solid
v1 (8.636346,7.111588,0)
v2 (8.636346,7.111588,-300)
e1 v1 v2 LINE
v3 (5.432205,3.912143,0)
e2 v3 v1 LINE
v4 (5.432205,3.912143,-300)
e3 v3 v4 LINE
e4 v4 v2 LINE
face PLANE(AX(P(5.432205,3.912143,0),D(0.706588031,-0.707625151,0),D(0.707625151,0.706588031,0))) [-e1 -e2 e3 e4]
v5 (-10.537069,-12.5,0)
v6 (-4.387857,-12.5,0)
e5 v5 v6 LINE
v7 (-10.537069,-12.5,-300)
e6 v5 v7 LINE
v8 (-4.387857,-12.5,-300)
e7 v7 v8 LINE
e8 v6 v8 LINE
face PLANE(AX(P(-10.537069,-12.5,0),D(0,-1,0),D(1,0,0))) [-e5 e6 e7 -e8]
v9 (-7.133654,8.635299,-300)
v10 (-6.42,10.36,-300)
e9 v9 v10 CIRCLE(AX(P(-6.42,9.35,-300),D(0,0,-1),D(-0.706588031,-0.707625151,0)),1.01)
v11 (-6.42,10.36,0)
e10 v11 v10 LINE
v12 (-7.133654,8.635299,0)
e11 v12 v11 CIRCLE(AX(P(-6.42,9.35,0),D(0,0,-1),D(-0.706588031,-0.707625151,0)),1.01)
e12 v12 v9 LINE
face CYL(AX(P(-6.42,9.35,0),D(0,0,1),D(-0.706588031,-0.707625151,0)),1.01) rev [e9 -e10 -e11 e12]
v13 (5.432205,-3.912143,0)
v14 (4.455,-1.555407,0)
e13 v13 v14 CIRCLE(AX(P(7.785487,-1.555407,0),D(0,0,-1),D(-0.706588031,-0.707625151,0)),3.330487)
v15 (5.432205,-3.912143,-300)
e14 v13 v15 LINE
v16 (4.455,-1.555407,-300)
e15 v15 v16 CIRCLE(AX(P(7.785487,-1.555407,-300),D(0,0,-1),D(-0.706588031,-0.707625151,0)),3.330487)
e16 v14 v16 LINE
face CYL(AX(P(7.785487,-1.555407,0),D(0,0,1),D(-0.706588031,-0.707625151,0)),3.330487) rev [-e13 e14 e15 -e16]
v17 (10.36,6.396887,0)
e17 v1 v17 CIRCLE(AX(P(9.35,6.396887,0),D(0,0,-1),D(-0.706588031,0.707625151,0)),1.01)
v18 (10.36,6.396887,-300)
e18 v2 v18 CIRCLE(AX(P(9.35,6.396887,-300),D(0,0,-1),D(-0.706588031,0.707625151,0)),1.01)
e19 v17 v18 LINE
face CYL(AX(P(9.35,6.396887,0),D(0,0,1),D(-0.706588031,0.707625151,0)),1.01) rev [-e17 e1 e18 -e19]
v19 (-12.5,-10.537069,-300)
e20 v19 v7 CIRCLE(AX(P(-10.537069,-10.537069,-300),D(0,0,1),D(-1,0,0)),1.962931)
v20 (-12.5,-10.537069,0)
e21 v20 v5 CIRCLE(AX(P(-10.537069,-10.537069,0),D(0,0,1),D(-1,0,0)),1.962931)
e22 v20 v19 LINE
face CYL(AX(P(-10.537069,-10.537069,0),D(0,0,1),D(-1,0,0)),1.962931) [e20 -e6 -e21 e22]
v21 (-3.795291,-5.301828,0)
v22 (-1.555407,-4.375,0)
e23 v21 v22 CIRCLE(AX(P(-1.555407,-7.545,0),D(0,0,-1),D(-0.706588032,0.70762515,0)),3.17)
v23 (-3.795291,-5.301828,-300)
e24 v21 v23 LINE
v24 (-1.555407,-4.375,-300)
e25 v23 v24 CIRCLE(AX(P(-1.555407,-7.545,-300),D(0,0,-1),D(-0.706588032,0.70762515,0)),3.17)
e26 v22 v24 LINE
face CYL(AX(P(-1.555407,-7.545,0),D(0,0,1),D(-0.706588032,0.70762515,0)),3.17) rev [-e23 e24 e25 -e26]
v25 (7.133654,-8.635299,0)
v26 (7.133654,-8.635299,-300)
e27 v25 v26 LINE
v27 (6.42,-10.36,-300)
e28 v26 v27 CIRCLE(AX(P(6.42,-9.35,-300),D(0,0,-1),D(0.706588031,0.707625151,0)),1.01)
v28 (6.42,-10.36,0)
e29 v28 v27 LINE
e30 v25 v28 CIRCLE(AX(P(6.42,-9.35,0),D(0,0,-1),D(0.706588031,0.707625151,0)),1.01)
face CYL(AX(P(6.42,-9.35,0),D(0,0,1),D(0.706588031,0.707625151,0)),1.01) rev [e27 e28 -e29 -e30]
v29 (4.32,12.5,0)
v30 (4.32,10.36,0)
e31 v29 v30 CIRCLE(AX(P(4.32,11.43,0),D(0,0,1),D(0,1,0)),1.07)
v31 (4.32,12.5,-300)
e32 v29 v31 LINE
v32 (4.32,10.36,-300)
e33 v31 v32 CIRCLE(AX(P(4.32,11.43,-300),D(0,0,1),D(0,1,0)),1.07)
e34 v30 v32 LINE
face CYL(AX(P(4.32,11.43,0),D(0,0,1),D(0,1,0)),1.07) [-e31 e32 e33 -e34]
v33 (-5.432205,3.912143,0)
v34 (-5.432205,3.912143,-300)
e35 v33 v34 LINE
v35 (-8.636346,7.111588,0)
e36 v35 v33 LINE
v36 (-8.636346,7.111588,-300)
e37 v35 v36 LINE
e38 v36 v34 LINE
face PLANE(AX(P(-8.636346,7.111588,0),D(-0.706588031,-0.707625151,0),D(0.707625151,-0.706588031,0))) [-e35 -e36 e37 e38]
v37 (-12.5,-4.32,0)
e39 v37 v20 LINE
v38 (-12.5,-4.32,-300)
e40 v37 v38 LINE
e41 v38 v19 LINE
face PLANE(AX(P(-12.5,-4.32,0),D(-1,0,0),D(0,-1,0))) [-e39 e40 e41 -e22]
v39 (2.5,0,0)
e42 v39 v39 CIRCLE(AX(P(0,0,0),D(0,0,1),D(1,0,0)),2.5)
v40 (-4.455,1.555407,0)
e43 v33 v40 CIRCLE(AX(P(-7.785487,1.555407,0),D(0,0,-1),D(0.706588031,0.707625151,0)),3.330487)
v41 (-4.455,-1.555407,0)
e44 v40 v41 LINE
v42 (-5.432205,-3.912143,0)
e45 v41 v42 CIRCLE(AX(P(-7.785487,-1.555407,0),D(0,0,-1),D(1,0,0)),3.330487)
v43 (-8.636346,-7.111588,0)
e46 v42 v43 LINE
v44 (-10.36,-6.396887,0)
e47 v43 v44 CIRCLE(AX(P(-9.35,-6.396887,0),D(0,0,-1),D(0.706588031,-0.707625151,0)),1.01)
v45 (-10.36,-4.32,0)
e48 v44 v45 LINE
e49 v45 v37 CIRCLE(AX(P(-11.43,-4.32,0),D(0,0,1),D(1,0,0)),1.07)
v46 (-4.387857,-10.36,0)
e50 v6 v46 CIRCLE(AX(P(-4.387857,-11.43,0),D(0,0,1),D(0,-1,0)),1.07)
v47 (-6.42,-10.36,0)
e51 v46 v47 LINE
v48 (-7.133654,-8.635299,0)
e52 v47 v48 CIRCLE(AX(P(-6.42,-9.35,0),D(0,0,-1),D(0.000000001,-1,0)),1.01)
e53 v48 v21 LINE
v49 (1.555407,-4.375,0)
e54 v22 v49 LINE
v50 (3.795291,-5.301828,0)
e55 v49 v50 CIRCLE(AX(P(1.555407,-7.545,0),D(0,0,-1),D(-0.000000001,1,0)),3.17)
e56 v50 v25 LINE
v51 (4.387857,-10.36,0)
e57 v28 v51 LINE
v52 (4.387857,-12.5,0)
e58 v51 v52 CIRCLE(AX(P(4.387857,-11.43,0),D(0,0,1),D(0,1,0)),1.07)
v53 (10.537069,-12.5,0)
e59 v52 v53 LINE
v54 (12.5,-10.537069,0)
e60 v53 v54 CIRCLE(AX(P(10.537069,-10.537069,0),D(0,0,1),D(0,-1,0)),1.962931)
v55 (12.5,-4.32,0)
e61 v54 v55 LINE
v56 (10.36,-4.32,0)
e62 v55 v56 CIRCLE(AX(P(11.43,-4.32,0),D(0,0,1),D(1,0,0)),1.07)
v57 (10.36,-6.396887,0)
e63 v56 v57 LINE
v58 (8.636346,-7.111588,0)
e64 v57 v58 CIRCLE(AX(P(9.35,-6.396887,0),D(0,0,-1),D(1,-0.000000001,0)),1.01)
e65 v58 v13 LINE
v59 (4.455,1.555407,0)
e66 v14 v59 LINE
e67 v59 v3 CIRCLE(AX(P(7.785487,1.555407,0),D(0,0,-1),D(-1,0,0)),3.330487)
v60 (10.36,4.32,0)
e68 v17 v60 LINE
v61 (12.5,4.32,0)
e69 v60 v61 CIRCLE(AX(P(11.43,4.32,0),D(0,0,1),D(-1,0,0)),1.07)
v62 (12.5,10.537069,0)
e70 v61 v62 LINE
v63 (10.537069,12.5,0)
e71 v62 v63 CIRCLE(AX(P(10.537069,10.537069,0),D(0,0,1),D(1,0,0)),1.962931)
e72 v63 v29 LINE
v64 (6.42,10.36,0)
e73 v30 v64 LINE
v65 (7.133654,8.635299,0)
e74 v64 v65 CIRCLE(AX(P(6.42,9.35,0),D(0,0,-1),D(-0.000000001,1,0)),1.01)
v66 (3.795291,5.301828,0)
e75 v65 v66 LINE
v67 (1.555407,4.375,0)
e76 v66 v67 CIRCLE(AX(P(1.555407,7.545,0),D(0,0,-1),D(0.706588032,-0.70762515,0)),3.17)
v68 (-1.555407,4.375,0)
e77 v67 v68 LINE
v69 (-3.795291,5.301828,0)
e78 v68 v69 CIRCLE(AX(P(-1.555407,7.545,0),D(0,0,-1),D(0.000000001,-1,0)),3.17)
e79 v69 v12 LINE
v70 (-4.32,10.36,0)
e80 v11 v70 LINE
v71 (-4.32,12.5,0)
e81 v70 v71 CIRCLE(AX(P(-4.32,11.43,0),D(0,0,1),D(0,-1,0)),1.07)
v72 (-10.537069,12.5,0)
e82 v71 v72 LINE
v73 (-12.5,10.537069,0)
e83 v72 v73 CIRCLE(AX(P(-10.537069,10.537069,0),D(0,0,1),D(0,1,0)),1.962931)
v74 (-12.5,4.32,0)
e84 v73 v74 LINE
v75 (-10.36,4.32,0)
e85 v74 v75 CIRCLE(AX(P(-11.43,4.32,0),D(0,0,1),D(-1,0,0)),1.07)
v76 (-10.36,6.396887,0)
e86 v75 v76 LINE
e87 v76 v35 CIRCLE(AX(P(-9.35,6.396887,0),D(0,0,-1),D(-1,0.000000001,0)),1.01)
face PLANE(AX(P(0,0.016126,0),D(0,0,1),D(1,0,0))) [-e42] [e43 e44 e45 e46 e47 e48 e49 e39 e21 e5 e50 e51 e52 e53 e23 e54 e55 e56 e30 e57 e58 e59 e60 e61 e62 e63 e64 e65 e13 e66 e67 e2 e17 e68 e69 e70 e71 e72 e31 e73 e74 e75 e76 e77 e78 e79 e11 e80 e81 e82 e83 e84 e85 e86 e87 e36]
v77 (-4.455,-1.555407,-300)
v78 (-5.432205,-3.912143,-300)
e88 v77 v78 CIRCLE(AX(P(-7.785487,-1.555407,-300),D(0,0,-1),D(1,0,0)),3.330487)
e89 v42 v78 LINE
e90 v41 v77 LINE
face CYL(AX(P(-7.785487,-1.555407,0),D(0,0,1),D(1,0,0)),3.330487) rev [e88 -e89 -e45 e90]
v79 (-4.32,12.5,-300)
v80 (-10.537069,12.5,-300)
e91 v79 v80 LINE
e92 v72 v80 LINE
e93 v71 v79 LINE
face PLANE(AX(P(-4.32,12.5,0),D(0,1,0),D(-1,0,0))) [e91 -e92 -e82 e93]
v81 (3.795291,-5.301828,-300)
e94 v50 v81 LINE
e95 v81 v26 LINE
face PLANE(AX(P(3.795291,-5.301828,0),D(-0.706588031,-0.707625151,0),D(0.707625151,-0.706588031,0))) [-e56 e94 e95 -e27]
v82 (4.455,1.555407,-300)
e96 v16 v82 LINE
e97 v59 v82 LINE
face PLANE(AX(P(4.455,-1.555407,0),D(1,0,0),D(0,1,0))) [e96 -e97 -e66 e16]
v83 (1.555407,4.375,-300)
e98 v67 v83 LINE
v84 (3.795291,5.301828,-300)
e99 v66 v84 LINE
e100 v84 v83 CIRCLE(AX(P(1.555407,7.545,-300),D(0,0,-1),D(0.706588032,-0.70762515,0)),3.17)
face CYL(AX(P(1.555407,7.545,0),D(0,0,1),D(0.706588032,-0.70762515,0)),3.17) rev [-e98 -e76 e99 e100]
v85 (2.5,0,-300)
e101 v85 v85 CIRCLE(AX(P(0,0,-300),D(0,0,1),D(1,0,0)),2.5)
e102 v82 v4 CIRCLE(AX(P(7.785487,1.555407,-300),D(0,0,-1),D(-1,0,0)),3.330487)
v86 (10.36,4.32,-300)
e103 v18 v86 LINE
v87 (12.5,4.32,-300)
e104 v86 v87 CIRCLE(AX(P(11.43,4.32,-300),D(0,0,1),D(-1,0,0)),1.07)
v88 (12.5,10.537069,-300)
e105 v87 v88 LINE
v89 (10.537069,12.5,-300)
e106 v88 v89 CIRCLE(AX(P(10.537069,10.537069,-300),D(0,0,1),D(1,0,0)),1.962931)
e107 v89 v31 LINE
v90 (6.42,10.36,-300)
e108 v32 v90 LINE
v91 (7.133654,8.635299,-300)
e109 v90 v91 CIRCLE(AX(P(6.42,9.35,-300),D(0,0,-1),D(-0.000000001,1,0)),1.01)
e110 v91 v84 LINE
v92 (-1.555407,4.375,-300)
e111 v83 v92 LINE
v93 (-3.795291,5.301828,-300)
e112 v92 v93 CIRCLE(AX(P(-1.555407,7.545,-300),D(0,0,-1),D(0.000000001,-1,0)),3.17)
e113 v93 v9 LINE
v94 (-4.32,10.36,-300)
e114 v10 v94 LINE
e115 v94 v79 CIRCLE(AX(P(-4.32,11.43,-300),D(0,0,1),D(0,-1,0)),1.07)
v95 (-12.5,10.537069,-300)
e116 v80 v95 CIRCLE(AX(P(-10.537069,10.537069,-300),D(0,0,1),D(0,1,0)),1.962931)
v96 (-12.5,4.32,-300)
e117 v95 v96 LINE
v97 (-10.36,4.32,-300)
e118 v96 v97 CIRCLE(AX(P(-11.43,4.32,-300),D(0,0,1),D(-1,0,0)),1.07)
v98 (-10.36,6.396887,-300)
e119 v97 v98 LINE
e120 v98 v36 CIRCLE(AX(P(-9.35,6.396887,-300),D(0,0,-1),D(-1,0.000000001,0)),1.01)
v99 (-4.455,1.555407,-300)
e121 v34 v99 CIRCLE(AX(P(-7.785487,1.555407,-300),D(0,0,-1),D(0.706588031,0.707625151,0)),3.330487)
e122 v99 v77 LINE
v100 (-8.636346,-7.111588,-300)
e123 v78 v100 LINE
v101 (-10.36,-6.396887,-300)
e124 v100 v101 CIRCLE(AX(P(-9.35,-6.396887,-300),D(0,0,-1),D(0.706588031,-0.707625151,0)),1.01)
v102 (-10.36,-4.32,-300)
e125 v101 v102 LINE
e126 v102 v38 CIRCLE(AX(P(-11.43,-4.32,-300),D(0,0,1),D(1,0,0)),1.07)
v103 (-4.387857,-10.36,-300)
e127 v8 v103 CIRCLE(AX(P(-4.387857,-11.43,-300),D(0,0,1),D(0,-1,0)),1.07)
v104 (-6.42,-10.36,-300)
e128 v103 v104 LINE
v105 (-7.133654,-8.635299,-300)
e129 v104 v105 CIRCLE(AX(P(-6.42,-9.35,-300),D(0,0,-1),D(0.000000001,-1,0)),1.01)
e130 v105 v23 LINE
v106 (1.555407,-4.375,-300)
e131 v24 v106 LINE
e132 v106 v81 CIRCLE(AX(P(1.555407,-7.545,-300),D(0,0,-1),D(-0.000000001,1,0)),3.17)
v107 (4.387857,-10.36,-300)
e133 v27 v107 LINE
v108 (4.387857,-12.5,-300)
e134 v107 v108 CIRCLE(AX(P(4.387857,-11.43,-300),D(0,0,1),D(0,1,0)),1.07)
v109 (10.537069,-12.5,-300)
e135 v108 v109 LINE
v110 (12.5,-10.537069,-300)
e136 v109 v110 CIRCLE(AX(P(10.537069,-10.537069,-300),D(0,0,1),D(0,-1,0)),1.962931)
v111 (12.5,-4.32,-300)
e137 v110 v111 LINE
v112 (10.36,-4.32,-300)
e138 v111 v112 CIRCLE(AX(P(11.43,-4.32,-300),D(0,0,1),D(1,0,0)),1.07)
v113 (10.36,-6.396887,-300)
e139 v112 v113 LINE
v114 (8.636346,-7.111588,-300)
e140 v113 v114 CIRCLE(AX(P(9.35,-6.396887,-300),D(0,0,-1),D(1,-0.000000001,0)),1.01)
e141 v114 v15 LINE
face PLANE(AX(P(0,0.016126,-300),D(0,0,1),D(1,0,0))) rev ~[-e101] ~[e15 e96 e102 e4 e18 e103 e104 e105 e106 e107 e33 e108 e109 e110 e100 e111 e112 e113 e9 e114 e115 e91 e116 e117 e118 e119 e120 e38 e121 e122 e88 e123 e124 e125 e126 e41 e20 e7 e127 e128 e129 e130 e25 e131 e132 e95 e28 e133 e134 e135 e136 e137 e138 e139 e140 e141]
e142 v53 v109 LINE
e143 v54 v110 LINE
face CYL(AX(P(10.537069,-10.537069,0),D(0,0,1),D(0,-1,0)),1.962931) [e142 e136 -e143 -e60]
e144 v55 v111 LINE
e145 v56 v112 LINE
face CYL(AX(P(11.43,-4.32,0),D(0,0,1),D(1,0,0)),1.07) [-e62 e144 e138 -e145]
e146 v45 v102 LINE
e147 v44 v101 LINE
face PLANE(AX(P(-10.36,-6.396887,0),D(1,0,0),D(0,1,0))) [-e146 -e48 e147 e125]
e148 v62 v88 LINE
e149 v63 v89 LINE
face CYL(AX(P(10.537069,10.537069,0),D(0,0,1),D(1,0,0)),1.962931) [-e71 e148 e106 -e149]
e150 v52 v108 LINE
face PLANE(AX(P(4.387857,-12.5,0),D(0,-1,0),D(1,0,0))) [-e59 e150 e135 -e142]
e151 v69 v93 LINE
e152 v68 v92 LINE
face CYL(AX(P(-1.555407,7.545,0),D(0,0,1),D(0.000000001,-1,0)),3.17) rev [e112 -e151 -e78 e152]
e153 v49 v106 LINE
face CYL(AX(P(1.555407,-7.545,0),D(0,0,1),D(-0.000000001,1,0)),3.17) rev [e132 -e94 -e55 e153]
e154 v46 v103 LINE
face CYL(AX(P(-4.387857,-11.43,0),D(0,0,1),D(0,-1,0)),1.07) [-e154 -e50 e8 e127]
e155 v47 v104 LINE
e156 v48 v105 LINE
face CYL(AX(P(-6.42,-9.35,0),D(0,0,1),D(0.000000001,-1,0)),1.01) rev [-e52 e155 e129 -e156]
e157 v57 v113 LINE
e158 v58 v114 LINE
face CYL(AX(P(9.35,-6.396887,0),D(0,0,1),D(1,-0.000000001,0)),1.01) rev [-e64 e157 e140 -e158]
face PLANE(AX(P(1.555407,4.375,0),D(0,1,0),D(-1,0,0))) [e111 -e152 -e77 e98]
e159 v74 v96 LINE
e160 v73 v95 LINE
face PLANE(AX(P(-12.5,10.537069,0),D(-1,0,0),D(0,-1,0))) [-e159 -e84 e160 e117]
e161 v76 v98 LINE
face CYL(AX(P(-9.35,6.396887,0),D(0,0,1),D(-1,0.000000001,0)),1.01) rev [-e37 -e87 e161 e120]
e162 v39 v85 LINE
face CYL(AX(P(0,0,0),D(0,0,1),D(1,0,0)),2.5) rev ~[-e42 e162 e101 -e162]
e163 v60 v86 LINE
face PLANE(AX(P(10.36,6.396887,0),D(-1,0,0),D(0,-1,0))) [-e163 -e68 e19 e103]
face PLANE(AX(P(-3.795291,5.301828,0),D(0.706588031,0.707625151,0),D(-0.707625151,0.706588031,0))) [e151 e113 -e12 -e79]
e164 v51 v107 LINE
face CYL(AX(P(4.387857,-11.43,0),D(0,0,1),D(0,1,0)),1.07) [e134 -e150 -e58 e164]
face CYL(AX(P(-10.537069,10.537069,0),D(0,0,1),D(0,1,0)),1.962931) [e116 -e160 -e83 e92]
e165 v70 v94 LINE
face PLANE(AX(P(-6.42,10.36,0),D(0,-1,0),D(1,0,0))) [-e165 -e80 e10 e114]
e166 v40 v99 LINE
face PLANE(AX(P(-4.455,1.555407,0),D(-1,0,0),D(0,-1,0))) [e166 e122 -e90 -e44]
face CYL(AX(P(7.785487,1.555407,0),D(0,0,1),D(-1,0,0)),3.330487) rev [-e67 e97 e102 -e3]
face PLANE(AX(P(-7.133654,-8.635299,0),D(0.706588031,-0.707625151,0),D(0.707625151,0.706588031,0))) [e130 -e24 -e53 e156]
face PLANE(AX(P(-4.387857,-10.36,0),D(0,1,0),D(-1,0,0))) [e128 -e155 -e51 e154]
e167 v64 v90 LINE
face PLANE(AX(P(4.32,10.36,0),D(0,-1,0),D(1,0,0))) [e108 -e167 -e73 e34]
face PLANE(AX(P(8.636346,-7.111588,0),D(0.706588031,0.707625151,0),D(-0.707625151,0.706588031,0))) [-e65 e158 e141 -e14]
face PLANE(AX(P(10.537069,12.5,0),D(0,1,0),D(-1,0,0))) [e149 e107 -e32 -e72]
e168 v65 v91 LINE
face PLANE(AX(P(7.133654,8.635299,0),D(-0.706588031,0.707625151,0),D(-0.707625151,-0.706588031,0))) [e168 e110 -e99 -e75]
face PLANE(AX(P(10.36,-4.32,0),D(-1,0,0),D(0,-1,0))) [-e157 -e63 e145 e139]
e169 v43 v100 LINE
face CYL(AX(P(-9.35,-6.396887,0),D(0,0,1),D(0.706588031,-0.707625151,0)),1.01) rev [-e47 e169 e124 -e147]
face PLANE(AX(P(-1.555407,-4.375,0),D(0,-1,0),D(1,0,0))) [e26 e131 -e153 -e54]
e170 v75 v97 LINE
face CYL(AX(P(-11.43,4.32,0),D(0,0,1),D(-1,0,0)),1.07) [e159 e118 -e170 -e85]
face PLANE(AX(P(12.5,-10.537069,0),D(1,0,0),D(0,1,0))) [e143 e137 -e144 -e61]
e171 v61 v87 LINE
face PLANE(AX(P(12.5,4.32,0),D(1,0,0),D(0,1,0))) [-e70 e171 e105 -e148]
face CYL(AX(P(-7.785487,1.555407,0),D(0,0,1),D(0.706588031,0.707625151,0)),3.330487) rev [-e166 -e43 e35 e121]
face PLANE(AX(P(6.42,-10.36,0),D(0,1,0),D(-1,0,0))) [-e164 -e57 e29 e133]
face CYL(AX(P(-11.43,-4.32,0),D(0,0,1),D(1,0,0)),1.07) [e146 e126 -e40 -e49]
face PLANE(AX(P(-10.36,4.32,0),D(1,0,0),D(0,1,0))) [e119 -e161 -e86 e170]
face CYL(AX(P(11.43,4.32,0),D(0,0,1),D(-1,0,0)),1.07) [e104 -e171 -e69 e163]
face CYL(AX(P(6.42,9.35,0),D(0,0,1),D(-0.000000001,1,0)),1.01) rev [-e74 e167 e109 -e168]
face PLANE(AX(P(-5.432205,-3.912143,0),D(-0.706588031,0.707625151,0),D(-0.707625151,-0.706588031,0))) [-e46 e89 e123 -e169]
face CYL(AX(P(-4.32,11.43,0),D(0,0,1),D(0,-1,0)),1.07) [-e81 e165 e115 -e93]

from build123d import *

# Parameters (mm, degrees)
SKETCH1_R      = 2.5
EXTRUDE1_DEPTH = 300


with BuildPart() as part:
    # Sketch1 → Extrude1 (new body)
    with BuildSketch(Plane.XY):
        with BuildLine():
            Line((-8.636346088, 7.111588351), (-5.432204773, 3.912143135))
            ThreePointArc((-5.432204773, 3.912143135), (-4.708985779, 2.831057106), (-4.455, 1.555406707))
            Line((-4.455, 1.555406707), (-4.455, -1.555406707))
            ThreePointArc((-4.455, -1.555406707), (-4.708985779, -2.831057106), (-5.432204773, -3.912143135))
            Line((-5.432204773, -3.912143135), (-8.636346088, -7.111588351))
            ThreePointArc((-8.636346088, -7.111588351), (-9.736852394, -7.329863489), (-10.36, -6.396886949))
            Line((-10.36, -6.396886949), (-10.36, -4.32))
            ThreePointArc((-10.36, -4.32), (-11.43, -3.25), (-12.5, -4.32))
            Line((-12.5, -4.32), (-12.5, -8.651801989))
            Line((-12.5, -8.651801989), (-12.5, -10.537068835))
            ThreePointArc((-12.5, -10.537068835), (-11.925070773, -11.925070773), (-10.537068835, -12.5))
            Line((-10.537068835, -12.5), (-8.441567612, -12.5))
            Line((-8.441567612, -12.5), (-4.387856959, -12.5))
            ThreePointArc((-4.387856959, -12.5), (-3.317856959, -11.43), (-4.387856959, -10.36))
            Line((-4.387856959, -10.36), (-6.42, -10.36))
            ThreePointArc((-6.42, -10.36), (-7.35325999, -9.736168088), (-7.133653912, -8.635298598))
            Line((-7.133653912, -8.635298598), (-3.795290766, -5.301828272))
            ThreePointArc((-3.795290766, -5.301828272), (-2.76743922, -4.61585726), (-1.555406707, -4.375))
            Line((-1.555406707, -4.375), (1.555406707, -4.375))
            ThreePointArc((1.555406707, -4.375), (2.76743922, -4.61585726), (3.795290766, -5.301828272))
            Line((3.795290766, -5.301828272), (7.133653912, -8.635298598))
            ThreePointArc((7.133653912, -8.635298598), (7.35325999, -9.736168088), (6.42, -10.36))
            Line((6.42, -10.36), (4.387856959, -10.36))
            ThreePointArc((4.387856959, -10.36), (3.317856959, -11.43), (4.387856959, -12.5))
            Line((4.387856959, -12.5), (8.441567612, -12.5))
            Line((8.441567612, -12.5), (10.537068835, -12.5))
            ThreePointArc((10.537068835, -12.5), (11.925070773, -11.925070773), (12.5, -10.537068835))
            Line((12.5, -10.537068835), (12.5, -8.651801989))
            Line((12.5, -8.651801989), (12.5, -4.32))
            ThreePointArc((12.5, -4.32), (11.43, -3.25), (10.36, -4.32))
            Line((10.36, -4.32), (10.36, -6.396886949))
            ThreePointArc((10.36, -6.396886949), (9.736852394, -7.329863489), (8.636346088, -7.111588351))
            Line((8.636346088, -7.111588351), (5.432204773, -3.912143135))
            ThreePointArc((5.432204773, -3.912143135), (4.708985779, -2.831057106), (4.455, -1.555406707))
            Line((4.455, -1.555406707), (4.455, 1.555406707))
            ThreePointArc((4.455, 1.555406707), (4.708985779, 2.831057106), (5.432204773, 3.912143135))
            Line((5.432204773, 3.912143135), (8.636346088, 7.111588351))
            ThreePointArc((8.636346088, 7.111588351), (9.736852394, 7.329863489), (10.36, 6.396886949))
            Line((10.36, 6.396886949), (10.36, 4.32))
            ThreePointArc((10.36, 4.32), (11.43, 3.25), (12.5, 4.32))
            Line((12.5, 4.32), (12.5, 7.99129648))
            Line((12.5, 7.99129648), (12.5, 10.537068835))
            ThreePointArc((12.5, 10.537068835), (11.925070773, 11.925070773), (10.537068835, 12.5))
            Line((10.537068835, 12.5), (4.32, 12.5))
            ThreePointArc((4.32, 12.5), (3.25, 11.43), (4.32, 10.36))
            Line((4.32, 10.36), (6.42, 10.36))
            ThreePointArc((6.42, 10.36), (7.35325999, 9.736168088), (7.133653912, 8.635298598))
            Line((7.133653912, 8.635298598), (3.795290766, 5.301828272))
            ThreePointArc((3.795290766, 5.301828272), (2.76743922, 4.61585726), (1.555406707, 4.375))
            Line((1.555406707, 4.375), (-1.555406707, 4.375))
            ThreePointArc((-1.555406707, 4.375), (-2.76743922, 4.61585726), (-3.795290766, 5.301828272))
            Line((-3.795290766, 5.301828272), (-7.133653912, 8.635298598))
            ThreePointArc((-7.133653912, 8.635298598), (-7.35325999, 9.736168088), (-6.42, 10.36))
            Line((-6.42, 10.36), (-4.32, 10.36))
            ThreePointArc((-4.32, 10.36), (-3.25, 11.43), (-4.32, 12.5))
            Line((-4.32, 12.5), (-10.537068835, 12.5))
            ThreePointArc((-10.537068835, 12.5), (-11.925070773, 11.925070773), (-12.5, 10.537068835))
            Line((-12.5, 10.537068835), (-12.5, 7.99129648))
            Line((-12.5, 7.99129648), (-12.5, 4.32))
            ThreePointArc((-12.5, 4.32), (-11.43, 3.25), (-10.36, 4.32))
            Line((-10.36, 4.32), (-10.36, 6.396886949))
            ThreePointArc((-10.36, 6.396886949), (-9.736852394, 7.329863489), (-8.636346088, 7.111588351))
        make_face()
        Circle(SKETCH1_R, mode=Mode.SUBTRACT)
    extrude(amount=-EXTRUDE1_DEPTH)


solid = part.part
